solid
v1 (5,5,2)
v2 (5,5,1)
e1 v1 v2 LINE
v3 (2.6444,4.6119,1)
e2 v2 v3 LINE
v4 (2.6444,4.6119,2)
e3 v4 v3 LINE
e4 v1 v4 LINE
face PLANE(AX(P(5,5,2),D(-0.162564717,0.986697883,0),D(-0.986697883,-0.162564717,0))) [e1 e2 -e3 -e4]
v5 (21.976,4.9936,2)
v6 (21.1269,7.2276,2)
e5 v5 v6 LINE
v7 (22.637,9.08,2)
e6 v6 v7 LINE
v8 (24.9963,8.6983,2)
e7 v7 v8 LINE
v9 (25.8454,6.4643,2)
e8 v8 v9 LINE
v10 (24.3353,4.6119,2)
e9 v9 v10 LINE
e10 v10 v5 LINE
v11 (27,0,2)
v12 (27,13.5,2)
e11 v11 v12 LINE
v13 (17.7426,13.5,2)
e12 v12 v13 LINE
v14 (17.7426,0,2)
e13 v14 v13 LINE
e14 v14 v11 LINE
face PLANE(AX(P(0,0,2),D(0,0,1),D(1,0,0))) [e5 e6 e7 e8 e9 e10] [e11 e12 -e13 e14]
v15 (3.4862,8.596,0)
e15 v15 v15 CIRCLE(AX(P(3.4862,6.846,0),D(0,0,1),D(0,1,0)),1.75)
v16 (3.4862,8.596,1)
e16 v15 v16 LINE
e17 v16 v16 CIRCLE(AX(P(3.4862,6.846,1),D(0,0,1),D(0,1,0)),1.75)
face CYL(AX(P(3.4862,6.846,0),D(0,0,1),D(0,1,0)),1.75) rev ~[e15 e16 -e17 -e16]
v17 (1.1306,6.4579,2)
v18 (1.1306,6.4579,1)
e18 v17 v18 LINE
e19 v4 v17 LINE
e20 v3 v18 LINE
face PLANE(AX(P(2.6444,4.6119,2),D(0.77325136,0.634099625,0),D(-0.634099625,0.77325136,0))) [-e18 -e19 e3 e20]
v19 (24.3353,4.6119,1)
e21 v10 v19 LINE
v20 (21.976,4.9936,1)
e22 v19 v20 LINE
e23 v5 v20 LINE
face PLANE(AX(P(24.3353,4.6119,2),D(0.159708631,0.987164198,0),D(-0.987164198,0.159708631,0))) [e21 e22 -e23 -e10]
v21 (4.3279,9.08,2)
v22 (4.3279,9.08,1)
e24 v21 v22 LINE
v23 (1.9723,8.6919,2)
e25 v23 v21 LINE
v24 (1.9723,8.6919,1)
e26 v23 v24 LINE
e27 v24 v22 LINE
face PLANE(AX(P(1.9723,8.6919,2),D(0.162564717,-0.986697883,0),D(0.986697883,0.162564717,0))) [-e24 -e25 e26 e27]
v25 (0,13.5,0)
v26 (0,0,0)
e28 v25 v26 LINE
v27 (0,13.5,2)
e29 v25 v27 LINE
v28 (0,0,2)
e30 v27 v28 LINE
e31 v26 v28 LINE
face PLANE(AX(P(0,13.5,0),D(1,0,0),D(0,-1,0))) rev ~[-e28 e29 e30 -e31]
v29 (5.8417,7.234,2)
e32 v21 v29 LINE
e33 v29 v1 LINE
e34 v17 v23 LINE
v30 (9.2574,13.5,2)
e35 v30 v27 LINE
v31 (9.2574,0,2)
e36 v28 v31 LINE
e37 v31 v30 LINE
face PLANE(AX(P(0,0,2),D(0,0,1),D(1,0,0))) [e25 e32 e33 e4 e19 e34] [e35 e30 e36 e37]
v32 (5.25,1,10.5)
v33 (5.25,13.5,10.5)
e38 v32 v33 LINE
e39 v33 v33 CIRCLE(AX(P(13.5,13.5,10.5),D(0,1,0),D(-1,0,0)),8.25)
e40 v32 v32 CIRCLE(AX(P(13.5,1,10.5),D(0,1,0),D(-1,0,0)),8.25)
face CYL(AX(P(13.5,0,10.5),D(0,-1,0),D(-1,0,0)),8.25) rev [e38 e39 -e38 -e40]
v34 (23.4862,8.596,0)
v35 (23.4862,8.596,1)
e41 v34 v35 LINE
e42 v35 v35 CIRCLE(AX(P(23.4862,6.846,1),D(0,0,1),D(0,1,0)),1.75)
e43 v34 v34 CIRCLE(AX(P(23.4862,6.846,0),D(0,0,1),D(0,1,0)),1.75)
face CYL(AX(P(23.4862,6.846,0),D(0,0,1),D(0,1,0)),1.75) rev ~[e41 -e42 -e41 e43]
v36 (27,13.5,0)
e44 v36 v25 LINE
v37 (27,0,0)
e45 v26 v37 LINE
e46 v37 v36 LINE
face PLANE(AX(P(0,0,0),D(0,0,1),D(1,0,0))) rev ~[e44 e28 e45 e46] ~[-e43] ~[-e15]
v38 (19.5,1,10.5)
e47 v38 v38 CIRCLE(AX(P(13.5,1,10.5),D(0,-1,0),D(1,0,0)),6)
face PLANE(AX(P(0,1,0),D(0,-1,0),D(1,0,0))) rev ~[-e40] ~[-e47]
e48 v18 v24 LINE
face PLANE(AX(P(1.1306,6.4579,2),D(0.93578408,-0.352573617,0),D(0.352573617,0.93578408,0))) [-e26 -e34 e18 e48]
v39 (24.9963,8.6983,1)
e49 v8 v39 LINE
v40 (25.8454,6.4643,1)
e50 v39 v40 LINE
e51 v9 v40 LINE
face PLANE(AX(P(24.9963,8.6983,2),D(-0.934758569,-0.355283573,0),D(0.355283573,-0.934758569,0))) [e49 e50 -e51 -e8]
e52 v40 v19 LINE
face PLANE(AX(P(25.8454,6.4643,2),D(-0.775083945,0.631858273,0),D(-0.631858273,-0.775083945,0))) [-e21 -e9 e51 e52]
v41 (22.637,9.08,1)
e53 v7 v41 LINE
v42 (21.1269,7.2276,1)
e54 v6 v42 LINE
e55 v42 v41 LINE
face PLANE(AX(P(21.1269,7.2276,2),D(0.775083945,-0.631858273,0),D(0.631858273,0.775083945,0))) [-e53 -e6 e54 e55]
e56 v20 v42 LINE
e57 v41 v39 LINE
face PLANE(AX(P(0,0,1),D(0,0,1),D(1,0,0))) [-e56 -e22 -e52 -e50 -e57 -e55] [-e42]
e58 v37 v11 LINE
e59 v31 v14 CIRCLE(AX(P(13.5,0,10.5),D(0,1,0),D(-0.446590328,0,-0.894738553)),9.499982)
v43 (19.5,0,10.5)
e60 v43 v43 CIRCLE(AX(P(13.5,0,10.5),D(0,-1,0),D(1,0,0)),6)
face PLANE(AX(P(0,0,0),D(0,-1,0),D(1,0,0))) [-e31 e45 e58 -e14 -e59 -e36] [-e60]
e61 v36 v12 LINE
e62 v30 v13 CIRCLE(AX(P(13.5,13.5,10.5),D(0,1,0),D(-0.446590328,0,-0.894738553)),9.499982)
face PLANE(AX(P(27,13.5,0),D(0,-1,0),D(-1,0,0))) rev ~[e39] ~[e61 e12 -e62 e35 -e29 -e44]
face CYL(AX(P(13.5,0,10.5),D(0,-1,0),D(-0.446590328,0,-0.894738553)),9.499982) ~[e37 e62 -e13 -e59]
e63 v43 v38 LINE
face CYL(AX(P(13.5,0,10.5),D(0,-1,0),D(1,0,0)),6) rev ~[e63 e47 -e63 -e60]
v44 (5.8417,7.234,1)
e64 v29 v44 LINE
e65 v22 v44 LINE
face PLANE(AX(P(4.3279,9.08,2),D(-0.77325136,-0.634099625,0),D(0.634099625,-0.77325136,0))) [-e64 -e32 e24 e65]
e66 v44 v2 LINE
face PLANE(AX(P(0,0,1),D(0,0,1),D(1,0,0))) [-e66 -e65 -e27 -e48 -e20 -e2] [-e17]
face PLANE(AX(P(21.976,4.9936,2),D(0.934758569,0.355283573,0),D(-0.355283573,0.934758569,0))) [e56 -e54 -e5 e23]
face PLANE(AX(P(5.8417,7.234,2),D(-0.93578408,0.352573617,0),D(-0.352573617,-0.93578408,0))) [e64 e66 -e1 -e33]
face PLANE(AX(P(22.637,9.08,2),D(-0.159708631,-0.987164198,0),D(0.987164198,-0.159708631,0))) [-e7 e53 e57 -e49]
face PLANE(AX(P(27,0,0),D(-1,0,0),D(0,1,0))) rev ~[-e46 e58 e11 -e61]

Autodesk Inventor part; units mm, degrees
ref_plane "YZ Plane" through (0, 0, 0) normal (1, 0, 0) x (0, 1, 0)
ref_plane "XZ Plane" through (0, 0, 0) normal (0, 1, 0) x (-1, 0, 0)
ref_plane "XY Plane" through (0, 0, 0) normal (0, 0, 1) x (1, 0, 0)
sketch "Sketch1" plane through (0, 0, 0) normal (0, 0, 1) x (1, 0, 0)
  line L0 (0, 0) -> (27, 0)
  line L1 (27, 0) -> (27, 13.5)
  line L2 (27, 13.5) -> (0, 13.5)
  line L3 (0, 13.5) -> (0, 0)
  line L4 (13.4862, 18.9079) -> (13.4862, -5.216) construction
  line L5 (13.4862, -5.216) -> (23.4862, -5.216) construction
  line L6 (23.4862, -5.216) -> (23.4862, 20) construction
  line L7 (23.4862, 20) -> (3.4862, 20) construction
  line L8 (3.4862, 20) -> (3.4862, -7.3205) construction
  line L9 (14, 12) -> (14, 9) construction
  line L10 (13.5, 13.5) -> (13.5, 8.6504) construction
  line L11 (13.5, 8.6504) -> (13.5, 6.3397) construction
  line L12 (-7, 6.846) -> (36, 6.846) construction
  point P0 (3.4862, 6.846)
  point P1 (23.4862, 6.846)
  dimension "d0" = 27
  dimension "d1" = 13.5
  dimension "d2" = 10
  dimension "d3" = 20
extrude "Extrusion1" add sketch "Sketch1" along normal blind 2
hole "Hole1" at (3.4862, 6.846, 0) at (23.4862, 6.846, 0) direction (0, 0, 1) diameter 3.5 end through all
sketch "Sketch2" plane through (0, 0, 2) normal (0, 0, 1) x (1, 0, 0)
  circle A0 centre (3.4862, 6.846) radius 1.75 projected
  circle A1 centre (23.4862, 6.846) radius 1.75 projected
  line L0 (5, 5) -> (2.6444, 4.6119)
  line L1 (2.6444, 4.6119) -> (1.1306, 6.4579)
  line L2 (1.1306, 6.4579) -> (1.9723, 8.6919)
  line L3 (1.9723, 8.6919) -> (4.3279, 9.08)
  line L4 (4.3279, 9.08) -> (5.8417, 7.234)
  line L5 (5.8417, 7.234) -> (5, 5)
  line L6 (24.3353, 4.6119) -> (21.976, 4.9936)
  line L7 (21.976, 4.9936) -> (21.1269, 7.2276)
  line L8 (21.1269, 7.2276) -> (22.637, 9.08)
  line L9 (22.637, 9.08) -> (24.9963, 8.6983)
  line L10 (24.9963, 8.6983) -> (25.8454, 6.4643)
  line L11 (25.8454, 6.4643) -> (24.3353, 4.6119)
extrude "Extrusion2" cut sketch "Sketch2" against normal blind 1 contours L0 L1 L2 L3 L4 L5
extrude "Extrusion3" cut sketch "Sketch2" against normal blind 1 contours L6 L7 L8 L9 L10 L11
sketch "Sketch4" plane through (0, 0, 0) normal (0, 1, 0) x (-1, 0, 0)
  line L0 (-6.7373, -10.6634) -> (-6.7373, -4.6634) construction
  line L1 (-27, -7.5) -> (0, -7.5) construction
  line L2 (0, -7.5) -> (-27, -7.5) construction
  line L3 (-13.5, -7.5) -> (-13.5, 2) construction
  arc A0 (-9.2574, 2) -> (-17.7426, 2) centre (-13.5, 10.5) ccw
  circle A1 centre (-13.5, 10.5) radius 8.25
  line L4 (-9.2574, 2) -> (-17.7426, 2)
  point P0 (0, 0)
  dimension "d17" = 9.5
  dimension "d18" = 19
  dimension "d19" = 16.5
extrude "Extrusion4" add sketch "Sketch4" along normal blind 13.5
sketch "Sketch5" plane through (0, 0, 0) normal (0, -1, 0) x (1, 0, 0)
  circle A0 centre (13.5, 10.5) radius 8.25 projected
  circle A1 centre (13.5, 10.5) radius 6
  circle A2 centre (13.5, 10.5) radius 8.25
  dimension "d22" = 12
extrude "Extrusion5" add sketch "Sketch5" against normal blind 1
properties part number "bart xl rjmp 2 part bearing holder v6"
